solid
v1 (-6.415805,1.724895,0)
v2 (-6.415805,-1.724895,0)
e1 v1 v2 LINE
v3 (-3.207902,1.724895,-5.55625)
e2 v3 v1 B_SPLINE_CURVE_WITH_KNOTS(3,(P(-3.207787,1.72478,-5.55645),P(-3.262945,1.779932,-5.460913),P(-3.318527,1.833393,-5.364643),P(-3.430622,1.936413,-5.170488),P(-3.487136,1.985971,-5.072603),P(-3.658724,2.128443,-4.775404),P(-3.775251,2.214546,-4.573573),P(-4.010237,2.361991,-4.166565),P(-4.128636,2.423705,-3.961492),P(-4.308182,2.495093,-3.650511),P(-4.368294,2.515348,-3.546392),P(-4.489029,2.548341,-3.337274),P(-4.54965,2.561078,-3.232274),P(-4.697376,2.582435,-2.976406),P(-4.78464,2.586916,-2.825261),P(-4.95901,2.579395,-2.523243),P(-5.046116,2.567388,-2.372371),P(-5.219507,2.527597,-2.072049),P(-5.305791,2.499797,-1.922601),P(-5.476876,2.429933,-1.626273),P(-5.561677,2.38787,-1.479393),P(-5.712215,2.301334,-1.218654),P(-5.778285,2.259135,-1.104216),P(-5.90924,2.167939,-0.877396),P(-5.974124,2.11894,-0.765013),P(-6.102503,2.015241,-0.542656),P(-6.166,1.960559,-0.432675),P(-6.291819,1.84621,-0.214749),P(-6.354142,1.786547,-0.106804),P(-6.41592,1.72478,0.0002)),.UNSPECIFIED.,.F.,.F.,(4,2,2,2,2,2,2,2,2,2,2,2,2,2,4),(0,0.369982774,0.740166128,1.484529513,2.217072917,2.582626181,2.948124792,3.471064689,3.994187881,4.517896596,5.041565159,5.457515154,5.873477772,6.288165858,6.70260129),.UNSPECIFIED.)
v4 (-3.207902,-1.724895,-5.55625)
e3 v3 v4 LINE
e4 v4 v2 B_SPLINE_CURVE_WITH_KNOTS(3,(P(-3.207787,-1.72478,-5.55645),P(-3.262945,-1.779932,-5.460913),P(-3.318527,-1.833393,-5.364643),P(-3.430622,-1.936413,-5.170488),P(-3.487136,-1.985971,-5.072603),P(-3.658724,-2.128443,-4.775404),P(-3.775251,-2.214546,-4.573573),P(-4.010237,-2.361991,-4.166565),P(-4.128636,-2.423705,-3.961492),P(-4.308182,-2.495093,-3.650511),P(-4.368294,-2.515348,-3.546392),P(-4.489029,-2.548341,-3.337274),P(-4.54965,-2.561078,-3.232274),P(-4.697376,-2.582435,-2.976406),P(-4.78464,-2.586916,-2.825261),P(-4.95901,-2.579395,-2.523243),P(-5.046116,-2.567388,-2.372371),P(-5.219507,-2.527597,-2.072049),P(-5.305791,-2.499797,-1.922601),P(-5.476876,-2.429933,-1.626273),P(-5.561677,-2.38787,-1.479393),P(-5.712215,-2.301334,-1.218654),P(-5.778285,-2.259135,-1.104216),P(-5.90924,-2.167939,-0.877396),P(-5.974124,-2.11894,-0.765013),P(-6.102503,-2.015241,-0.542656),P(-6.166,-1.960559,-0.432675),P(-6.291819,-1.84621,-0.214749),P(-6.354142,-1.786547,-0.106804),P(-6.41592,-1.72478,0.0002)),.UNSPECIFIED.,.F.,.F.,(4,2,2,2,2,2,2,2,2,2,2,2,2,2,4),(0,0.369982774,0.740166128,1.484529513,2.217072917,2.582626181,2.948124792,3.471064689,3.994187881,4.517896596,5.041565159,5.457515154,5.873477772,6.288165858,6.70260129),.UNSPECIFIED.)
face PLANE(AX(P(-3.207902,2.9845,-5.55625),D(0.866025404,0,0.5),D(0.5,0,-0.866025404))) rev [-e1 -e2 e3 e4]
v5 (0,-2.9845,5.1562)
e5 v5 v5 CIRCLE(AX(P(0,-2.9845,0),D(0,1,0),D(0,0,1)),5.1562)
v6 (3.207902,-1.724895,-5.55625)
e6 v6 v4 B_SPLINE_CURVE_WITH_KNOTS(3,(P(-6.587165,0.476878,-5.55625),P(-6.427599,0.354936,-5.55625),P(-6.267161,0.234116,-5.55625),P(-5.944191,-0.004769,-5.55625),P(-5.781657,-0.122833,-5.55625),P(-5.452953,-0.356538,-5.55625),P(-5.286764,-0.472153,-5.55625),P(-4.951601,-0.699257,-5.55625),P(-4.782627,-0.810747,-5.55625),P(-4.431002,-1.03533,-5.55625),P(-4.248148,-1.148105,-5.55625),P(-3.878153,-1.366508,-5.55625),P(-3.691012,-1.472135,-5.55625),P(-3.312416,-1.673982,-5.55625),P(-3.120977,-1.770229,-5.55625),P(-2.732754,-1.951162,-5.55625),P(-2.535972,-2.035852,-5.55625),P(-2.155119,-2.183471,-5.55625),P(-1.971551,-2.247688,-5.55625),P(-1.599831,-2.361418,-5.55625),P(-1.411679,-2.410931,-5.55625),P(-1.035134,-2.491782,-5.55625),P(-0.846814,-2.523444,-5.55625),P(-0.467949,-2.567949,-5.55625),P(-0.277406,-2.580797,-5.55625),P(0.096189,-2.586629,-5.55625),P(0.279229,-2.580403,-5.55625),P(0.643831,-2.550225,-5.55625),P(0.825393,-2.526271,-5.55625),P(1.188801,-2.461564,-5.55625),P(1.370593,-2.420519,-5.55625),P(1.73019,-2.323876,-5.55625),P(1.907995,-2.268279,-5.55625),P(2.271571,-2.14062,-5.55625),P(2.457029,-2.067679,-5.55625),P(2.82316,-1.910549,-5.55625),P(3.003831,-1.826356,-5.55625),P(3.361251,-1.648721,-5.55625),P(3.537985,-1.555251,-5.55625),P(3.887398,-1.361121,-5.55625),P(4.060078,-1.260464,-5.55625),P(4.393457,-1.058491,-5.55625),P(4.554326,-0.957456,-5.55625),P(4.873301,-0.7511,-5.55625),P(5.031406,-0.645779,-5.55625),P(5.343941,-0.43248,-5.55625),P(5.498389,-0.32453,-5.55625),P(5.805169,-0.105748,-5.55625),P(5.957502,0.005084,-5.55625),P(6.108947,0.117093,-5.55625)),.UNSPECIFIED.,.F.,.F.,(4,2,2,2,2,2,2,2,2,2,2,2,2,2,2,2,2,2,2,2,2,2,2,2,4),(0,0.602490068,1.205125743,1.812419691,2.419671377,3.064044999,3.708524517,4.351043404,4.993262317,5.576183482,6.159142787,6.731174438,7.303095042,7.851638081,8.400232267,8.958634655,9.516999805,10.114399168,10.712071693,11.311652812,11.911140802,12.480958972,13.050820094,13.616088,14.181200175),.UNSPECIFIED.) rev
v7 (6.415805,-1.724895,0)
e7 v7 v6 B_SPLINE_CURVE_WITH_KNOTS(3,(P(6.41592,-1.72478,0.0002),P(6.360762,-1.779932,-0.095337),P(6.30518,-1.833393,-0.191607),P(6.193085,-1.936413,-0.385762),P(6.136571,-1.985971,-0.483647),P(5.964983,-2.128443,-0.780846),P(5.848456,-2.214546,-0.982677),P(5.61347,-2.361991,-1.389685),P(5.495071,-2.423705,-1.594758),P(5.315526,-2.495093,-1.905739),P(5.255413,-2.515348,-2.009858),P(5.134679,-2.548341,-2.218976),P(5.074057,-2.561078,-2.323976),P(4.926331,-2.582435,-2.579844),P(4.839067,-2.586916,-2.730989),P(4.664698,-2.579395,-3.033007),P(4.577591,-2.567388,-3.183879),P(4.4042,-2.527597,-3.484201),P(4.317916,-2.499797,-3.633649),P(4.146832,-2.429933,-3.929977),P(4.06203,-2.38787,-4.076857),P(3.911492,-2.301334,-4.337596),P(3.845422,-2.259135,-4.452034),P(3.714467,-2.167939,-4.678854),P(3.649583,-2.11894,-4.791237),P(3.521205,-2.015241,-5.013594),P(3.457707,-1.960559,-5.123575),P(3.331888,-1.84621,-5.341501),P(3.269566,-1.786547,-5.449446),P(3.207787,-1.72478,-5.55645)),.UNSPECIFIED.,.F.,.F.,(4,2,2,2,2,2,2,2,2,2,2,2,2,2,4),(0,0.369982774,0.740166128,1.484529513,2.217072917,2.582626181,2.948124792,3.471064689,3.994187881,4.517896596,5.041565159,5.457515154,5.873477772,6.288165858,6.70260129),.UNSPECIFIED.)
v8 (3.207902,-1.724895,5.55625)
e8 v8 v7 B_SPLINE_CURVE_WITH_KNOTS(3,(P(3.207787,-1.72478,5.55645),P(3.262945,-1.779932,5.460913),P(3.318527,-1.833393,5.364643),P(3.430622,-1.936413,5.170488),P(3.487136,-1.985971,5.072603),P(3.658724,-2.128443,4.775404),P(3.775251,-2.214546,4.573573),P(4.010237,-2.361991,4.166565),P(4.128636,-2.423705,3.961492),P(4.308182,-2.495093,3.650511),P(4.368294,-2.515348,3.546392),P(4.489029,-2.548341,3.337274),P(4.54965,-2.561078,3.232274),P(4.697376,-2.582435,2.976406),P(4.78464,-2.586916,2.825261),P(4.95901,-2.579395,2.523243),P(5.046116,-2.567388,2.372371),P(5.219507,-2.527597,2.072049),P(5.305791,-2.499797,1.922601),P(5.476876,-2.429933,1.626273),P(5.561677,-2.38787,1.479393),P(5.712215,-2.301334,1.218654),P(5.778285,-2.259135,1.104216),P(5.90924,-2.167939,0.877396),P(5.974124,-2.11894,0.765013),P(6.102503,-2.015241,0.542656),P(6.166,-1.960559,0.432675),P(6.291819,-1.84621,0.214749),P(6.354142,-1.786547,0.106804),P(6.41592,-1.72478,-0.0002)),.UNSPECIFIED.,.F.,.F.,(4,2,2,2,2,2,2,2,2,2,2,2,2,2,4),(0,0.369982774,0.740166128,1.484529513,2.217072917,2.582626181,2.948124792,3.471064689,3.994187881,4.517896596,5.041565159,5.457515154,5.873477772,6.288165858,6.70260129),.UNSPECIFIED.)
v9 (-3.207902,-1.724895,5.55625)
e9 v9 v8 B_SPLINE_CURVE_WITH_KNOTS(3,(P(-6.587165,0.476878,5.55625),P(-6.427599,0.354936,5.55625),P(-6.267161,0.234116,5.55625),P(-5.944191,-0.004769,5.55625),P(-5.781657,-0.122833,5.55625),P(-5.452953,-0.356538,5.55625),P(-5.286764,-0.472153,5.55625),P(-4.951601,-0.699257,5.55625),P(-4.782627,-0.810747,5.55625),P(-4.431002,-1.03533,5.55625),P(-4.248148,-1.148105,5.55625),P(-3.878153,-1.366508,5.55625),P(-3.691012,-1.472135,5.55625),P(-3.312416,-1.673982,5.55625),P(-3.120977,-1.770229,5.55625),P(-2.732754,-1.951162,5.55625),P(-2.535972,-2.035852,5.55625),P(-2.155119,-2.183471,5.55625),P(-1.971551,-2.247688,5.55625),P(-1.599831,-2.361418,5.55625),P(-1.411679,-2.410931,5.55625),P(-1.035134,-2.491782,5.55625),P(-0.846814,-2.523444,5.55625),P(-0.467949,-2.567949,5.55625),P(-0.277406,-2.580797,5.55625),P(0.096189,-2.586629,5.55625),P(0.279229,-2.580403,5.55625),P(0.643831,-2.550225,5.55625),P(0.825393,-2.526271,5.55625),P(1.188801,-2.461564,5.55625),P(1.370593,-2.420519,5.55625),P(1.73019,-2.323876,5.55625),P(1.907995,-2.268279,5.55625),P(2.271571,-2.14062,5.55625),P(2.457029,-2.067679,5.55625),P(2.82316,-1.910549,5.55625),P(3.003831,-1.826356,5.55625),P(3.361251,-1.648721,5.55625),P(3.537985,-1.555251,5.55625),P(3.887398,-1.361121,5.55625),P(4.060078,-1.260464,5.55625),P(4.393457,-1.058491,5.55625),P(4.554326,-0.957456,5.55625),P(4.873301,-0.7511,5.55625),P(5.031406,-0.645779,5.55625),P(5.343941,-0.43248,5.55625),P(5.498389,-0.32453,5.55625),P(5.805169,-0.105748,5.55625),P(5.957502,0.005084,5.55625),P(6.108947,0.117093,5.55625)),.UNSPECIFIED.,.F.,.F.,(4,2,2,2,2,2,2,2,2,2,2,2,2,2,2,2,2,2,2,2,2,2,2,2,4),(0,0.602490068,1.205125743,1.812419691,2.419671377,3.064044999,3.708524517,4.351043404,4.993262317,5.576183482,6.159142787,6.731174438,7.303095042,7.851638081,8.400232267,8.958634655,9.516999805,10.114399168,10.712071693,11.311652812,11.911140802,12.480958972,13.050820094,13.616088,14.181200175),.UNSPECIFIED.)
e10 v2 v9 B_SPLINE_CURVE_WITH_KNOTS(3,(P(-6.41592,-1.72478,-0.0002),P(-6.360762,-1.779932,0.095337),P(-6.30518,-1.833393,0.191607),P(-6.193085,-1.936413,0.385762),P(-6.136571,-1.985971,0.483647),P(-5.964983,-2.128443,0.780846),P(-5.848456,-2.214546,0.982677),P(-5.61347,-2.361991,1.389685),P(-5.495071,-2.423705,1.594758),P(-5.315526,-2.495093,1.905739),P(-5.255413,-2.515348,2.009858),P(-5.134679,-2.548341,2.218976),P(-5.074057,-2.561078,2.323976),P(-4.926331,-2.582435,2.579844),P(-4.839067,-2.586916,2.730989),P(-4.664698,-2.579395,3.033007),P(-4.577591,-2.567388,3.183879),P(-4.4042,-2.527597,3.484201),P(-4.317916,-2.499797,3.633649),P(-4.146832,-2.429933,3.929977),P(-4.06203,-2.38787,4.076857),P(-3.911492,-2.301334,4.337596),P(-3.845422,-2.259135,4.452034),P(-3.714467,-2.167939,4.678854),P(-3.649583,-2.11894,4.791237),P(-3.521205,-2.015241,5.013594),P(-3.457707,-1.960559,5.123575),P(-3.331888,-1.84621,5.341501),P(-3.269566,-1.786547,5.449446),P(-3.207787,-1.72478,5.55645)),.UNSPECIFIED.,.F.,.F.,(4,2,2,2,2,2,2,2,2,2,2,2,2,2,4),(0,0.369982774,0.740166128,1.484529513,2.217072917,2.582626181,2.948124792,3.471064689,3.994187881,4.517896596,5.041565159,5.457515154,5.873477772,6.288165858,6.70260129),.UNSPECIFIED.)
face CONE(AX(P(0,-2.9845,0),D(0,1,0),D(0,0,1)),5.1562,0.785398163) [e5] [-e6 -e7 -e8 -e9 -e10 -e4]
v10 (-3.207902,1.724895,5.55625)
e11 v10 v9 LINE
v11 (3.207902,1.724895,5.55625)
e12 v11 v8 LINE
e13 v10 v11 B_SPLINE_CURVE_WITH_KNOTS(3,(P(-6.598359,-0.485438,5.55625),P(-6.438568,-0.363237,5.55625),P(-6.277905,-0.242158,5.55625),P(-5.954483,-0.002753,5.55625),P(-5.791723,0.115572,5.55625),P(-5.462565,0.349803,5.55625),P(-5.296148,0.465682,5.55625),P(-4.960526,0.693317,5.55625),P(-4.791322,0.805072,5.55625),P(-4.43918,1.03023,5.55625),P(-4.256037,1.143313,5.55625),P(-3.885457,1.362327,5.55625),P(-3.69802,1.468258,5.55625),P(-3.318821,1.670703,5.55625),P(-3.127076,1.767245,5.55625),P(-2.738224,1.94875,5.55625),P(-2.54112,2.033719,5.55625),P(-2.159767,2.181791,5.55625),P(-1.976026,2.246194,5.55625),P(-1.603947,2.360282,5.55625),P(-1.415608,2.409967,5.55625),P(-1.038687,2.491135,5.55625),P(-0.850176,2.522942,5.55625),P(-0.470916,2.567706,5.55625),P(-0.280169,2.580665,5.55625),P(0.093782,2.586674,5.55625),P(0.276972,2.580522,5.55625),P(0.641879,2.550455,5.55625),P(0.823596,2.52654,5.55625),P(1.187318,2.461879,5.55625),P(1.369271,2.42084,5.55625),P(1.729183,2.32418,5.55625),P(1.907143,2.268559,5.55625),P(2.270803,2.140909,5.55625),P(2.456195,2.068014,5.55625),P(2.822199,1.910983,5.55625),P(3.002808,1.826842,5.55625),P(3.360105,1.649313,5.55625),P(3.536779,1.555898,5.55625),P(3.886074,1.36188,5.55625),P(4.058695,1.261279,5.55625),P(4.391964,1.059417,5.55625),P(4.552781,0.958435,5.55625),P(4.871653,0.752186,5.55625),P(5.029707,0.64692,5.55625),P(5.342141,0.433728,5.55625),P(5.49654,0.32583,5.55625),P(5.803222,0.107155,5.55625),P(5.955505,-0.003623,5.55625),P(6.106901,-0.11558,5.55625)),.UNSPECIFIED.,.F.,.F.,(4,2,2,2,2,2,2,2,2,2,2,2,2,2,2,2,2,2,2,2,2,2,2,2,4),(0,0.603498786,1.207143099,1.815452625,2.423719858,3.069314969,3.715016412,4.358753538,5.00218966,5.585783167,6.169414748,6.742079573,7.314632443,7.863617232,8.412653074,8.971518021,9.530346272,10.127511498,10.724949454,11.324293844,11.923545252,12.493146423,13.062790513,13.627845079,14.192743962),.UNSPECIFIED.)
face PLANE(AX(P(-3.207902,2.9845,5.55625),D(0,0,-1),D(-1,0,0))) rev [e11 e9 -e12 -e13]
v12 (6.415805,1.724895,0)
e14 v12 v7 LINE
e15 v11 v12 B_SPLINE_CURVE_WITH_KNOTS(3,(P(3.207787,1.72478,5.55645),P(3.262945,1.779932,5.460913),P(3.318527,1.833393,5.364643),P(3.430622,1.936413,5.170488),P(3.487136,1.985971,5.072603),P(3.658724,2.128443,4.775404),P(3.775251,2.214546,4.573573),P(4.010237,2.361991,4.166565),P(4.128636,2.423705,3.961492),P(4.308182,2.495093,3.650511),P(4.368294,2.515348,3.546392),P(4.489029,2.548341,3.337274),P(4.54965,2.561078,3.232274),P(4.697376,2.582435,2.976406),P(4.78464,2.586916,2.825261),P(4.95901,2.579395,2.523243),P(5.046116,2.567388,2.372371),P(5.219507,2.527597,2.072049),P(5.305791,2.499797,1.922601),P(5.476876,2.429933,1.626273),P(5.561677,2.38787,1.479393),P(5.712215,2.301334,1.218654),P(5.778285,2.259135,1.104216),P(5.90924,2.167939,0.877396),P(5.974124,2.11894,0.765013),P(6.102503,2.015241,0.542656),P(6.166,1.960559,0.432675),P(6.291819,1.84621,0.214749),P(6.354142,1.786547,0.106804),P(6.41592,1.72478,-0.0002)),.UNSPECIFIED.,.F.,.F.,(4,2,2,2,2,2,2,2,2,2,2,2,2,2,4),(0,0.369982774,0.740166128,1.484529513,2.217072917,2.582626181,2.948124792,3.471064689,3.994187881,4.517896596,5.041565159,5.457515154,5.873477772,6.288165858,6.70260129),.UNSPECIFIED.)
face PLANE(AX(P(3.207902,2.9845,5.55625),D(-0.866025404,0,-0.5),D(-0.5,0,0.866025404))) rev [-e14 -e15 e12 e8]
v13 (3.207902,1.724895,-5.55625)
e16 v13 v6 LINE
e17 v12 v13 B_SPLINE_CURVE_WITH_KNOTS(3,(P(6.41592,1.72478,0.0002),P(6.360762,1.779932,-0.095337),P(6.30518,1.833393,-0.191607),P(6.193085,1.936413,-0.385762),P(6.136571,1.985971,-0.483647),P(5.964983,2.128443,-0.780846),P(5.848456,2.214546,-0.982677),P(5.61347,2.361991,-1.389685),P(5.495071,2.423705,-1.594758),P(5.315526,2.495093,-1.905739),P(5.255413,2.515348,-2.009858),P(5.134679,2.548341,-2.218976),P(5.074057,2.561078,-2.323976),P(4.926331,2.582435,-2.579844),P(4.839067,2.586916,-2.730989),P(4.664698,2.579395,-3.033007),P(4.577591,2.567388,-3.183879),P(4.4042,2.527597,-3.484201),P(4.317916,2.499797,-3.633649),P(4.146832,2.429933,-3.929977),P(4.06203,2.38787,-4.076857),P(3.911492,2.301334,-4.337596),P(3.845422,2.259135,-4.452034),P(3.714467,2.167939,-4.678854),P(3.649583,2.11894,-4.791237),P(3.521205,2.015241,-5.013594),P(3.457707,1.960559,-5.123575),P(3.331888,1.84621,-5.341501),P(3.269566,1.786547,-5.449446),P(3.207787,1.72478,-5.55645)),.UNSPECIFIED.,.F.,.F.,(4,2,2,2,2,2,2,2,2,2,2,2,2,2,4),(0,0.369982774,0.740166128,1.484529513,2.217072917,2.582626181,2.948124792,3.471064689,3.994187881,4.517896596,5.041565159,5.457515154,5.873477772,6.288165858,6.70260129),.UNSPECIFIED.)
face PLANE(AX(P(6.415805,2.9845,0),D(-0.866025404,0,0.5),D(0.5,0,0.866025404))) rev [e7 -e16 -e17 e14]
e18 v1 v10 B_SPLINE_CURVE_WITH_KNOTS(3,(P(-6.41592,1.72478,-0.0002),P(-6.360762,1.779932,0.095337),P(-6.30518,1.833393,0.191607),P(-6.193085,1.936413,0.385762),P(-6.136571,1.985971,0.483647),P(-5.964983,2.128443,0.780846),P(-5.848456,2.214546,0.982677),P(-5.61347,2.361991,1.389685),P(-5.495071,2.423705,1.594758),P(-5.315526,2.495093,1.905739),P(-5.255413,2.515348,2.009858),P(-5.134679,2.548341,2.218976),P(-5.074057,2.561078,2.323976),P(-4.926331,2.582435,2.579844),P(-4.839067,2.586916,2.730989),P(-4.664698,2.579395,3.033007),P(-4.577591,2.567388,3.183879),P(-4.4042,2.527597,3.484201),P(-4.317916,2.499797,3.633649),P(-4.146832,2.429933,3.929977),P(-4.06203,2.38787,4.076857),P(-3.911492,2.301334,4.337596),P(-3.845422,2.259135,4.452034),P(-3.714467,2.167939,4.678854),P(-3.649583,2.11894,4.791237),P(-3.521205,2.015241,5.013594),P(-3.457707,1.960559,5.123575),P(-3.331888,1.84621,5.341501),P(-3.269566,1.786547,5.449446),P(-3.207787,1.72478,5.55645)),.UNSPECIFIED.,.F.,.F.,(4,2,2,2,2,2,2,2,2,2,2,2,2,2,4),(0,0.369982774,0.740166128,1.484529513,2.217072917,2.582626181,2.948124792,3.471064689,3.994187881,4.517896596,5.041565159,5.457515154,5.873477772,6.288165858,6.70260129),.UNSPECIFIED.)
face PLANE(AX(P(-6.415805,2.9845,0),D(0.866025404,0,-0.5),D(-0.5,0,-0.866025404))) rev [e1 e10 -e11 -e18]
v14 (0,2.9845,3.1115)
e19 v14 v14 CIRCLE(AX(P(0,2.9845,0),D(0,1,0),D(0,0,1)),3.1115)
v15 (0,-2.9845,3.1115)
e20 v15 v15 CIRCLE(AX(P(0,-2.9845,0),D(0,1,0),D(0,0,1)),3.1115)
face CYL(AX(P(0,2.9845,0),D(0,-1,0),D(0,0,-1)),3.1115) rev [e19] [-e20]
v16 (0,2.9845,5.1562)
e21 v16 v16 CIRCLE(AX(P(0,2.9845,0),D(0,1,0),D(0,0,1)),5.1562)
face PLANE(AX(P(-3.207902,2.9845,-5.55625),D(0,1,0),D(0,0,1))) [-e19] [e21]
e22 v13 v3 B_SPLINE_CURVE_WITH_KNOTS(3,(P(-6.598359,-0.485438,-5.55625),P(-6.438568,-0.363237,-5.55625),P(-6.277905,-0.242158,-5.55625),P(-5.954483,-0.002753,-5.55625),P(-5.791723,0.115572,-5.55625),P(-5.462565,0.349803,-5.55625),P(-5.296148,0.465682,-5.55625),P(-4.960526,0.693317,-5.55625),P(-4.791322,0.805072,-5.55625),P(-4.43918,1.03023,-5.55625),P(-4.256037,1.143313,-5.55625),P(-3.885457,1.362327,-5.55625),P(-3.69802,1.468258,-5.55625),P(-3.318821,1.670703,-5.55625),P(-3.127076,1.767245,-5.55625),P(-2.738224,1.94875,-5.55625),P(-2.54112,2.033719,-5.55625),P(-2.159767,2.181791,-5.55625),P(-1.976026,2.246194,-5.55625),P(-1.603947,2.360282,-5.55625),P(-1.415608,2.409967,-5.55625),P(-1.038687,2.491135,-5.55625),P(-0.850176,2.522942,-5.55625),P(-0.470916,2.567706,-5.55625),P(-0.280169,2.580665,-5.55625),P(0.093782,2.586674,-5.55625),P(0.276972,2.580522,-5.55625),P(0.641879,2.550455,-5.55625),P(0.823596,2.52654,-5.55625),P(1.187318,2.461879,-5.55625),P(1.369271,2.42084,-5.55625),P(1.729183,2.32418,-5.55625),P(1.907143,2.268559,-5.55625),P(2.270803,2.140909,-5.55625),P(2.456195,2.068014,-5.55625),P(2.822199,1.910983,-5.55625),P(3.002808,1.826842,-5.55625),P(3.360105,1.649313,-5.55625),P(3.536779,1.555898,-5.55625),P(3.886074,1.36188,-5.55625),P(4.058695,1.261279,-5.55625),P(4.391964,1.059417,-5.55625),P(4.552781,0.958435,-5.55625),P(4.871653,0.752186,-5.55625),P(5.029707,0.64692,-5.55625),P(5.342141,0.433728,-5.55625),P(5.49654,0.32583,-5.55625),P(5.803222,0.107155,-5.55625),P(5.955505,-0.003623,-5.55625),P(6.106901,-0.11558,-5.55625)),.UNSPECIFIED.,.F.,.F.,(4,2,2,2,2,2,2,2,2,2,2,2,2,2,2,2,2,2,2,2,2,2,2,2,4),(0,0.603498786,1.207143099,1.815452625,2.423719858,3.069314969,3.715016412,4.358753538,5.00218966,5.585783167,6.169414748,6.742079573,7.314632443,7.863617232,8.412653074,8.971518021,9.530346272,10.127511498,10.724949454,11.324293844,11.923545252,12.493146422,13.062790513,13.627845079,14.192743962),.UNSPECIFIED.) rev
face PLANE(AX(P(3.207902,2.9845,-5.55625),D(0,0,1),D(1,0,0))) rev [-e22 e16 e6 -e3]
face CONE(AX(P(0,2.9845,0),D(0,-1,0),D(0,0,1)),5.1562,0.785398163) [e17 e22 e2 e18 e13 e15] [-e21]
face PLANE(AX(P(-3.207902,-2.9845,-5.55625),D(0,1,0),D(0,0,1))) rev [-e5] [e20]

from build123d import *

# Parameters (mm, degrees)
SKETCH1_R         = 3.1115
EXTRUDE1_DEPTH    = 2.9845
SKETCH2_OUTSIDE_W = 30.368
SKETCH2_OUTSIDE_H = 28.648
SKETCH2_OUTSIDE_R = 5.1562
EXTRUDE2_DEPTH    = 5.969
EXTRUDE2_TAPER    = 45


with BuildPart() as part:
    # Sketch1 → Extrude1 (new body, symmetric)
    with BuildSketch(Plane(origin=(0, 0, 0), x_dir=(1, 0, 0), z_dir=(0, 1, 0))):
        Polygon((-3.207902433, 5.55625), (-6.415804866, 0), (-3.207902433, -5.55625), (3.207902433, -5.55625), (6.415804866, 0), (3.207902433, 5.55625), align=None)
        Circle(SKETCH1_R, mode=Mode.SUBTRACT)
    extrude(amount=EXTRUDE1_DEPTH, both=True)

    # Sketch2 outside → Extrude2 (cut)
    with BuildSketch(Plane(origin=(0, 2.9845, 0), x_dir=(1, 0, 0), z_dir=(0, 1, 0))):
        Rectangle(SKETCH2_OUTSIDE_W, SKETCH2_OUTSIDE_H)
        Circle(SKETCH2_OUTSIDE_R, mode=Mode.SUBTRACT)
    extrude2 = extrude(amount=-EXTRUDE2_DEPTH, taper=EXTRUDE2_TAPER, mode=Mode.SUBTRACT)

    # Mirror1: Extrude2 across plane
    add(extrude2.mirror(Plane.ZX), mode=Mode.SUBTRACT)


solid = part.part
